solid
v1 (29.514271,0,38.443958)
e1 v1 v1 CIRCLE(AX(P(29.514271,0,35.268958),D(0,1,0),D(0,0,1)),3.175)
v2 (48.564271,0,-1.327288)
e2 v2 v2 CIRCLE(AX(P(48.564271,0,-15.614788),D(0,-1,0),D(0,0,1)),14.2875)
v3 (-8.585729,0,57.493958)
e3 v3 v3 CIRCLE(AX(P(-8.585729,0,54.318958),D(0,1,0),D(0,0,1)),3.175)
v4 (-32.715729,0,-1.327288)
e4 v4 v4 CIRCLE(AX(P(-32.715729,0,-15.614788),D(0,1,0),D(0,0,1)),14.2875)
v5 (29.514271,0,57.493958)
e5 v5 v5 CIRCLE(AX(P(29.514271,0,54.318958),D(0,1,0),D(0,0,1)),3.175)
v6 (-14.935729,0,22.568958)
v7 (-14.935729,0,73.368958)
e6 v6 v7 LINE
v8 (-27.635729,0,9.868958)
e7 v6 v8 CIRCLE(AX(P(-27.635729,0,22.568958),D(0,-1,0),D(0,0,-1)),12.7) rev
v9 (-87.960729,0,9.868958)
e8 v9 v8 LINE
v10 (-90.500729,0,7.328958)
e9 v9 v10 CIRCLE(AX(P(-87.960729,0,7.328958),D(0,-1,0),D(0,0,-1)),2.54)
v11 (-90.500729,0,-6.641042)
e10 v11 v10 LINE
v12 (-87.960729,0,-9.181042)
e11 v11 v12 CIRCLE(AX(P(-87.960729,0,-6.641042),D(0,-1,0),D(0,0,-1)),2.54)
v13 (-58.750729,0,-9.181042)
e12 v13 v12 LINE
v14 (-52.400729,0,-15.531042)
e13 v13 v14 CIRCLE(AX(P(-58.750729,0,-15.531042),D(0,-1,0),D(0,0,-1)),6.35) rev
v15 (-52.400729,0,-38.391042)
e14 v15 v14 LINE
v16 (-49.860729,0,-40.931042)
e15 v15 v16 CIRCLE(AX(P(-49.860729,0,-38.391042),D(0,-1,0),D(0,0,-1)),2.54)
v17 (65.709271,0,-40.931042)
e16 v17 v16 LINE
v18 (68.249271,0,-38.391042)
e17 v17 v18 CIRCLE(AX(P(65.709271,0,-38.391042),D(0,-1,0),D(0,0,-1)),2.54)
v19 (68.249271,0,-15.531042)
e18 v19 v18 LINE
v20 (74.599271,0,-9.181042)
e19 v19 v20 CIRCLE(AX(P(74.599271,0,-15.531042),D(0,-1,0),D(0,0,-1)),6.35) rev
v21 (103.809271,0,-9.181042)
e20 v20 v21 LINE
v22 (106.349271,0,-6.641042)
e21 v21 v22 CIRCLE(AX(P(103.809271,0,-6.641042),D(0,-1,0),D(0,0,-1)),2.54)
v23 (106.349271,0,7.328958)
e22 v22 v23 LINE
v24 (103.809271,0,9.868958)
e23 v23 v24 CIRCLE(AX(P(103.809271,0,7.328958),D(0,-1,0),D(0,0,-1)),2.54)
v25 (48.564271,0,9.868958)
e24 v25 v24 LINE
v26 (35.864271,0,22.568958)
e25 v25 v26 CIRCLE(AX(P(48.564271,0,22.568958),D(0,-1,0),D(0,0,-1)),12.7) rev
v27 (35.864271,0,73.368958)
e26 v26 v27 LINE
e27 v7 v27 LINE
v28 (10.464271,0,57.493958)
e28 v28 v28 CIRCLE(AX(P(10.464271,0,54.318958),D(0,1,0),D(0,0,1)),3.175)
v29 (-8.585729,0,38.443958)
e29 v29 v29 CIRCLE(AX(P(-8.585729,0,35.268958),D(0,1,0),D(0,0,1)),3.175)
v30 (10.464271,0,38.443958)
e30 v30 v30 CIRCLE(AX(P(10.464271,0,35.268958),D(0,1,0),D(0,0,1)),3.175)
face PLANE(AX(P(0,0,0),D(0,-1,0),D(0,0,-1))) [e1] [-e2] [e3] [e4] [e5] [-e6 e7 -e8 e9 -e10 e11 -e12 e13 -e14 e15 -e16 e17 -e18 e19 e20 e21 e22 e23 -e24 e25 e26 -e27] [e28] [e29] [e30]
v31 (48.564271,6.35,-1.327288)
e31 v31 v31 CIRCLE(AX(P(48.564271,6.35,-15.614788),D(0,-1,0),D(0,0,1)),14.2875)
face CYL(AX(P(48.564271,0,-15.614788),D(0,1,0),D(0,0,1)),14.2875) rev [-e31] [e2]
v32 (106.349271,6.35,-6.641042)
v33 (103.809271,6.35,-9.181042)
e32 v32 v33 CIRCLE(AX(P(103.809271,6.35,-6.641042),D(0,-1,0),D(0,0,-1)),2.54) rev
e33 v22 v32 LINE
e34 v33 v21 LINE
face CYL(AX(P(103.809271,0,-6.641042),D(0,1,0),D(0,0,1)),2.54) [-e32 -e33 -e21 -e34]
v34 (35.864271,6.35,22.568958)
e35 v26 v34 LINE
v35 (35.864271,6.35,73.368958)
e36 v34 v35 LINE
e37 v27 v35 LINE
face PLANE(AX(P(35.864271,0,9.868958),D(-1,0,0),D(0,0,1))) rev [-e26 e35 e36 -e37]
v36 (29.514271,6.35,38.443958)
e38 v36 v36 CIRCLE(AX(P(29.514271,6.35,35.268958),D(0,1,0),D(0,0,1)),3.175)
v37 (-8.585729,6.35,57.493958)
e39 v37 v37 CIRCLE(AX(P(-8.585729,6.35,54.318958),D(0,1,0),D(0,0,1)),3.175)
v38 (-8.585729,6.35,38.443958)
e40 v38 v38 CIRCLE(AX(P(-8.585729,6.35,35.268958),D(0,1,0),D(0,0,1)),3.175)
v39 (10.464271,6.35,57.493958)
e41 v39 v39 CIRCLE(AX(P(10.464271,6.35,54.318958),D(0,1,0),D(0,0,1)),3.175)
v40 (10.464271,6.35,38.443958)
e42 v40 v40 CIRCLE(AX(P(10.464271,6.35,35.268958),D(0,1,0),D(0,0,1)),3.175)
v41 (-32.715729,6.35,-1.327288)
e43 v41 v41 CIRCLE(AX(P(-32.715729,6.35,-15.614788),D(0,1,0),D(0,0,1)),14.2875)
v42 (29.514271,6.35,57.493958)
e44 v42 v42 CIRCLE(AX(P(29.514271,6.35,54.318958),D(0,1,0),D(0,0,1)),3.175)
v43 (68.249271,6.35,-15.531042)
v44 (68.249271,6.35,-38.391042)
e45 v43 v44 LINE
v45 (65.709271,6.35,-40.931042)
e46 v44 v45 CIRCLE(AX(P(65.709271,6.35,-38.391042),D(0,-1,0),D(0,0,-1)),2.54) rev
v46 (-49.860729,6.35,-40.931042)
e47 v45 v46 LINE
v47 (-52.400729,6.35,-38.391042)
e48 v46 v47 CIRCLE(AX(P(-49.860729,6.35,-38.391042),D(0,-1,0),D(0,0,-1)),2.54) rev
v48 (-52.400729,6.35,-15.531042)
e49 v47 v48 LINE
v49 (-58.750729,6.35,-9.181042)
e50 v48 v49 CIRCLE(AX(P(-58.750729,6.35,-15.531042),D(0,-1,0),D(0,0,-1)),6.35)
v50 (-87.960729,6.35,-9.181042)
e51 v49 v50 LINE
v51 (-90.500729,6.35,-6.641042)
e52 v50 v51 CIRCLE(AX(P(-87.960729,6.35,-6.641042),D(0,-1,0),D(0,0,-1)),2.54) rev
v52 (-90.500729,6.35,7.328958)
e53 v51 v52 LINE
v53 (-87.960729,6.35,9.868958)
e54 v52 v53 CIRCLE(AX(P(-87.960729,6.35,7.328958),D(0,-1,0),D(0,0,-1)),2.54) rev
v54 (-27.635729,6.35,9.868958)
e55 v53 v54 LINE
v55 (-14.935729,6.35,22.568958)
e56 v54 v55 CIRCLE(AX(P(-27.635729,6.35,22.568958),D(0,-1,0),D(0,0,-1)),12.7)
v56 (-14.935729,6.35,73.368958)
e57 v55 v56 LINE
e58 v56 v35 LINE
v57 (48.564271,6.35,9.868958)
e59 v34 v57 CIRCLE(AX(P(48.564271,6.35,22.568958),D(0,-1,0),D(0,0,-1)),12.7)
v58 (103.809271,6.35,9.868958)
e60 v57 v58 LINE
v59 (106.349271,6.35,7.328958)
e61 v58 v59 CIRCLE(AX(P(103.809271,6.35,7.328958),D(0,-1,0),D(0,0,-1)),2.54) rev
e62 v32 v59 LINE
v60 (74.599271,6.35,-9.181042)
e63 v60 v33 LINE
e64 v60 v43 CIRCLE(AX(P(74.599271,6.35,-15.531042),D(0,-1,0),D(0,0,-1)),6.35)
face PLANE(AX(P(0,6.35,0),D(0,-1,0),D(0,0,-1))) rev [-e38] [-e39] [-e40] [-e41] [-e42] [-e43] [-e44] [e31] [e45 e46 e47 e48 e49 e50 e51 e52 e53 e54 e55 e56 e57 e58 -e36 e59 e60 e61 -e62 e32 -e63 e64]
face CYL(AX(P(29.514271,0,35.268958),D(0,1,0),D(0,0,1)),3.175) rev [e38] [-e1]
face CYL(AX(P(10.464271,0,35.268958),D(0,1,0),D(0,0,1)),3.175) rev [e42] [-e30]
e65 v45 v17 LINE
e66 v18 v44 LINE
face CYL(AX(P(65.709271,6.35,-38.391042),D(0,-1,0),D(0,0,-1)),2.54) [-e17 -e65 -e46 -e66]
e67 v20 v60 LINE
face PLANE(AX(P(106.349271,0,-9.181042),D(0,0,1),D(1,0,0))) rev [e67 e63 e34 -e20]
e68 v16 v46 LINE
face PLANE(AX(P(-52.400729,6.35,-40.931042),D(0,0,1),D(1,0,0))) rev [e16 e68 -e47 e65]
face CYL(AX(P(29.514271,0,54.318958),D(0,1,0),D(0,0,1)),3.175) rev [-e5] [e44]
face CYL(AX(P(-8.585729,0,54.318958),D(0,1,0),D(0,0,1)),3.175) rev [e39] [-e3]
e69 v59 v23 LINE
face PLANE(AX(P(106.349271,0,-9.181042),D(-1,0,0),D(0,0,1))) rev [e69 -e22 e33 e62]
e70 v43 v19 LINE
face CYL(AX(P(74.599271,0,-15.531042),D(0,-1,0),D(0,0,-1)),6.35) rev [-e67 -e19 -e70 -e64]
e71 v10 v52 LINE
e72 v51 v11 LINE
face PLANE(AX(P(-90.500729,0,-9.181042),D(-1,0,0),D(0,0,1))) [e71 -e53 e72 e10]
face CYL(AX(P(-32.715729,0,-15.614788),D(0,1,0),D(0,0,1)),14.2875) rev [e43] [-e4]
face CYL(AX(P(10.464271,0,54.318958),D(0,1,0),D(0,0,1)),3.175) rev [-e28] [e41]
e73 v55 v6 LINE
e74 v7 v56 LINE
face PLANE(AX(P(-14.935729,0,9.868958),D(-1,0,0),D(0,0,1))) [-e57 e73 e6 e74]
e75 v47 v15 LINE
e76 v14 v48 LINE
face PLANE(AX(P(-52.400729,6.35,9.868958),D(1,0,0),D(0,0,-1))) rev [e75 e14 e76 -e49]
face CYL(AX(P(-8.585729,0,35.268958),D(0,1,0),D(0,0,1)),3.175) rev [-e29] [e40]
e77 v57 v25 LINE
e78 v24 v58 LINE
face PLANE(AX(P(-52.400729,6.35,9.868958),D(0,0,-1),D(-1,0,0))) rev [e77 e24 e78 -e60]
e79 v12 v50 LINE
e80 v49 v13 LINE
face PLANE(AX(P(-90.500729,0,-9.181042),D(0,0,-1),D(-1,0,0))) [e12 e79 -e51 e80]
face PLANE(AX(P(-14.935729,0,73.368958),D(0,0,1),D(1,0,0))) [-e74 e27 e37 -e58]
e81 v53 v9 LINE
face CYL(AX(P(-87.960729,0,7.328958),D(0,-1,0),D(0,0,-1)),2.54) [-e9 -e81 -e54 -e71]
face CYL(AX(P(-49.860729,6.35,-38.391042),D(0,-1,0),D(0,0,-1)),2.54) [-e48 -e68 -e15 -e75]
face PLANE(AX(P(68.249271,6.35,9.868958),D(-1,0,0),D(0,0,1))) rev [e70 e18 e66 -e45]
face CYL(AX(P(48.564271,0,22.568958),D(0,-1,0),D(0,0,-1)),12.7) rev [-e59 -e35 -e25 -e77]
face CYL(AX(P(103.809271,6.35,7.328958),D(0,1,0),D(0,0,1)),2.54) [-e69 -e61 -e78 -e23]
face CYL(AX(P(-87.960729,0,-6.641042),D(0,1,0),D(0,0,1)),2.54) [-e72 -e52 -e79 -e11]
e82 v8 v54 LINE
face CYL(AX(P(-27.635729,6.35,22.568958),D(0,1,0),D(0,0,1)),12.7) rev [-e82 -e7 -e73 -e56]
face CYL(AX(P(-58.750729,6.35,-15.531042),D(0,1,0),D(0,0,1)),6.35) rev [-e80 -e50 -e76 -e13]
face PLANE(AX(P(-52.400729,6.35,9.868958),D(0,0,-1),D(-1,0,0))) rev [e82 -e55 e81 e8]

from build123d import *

# Parameters (mm, degrees)
SKETCH2_W            = 120.65
SKETCH2_H            = 50.8
BOSS_EXTRUDE1_DEPTH  = 6.35
SKETCH3_R            = 14.2875
CUT_EXTRUDE1_DEPTH   = 6.35
SKETCH6_W            = 38.1
SKETCH6_H            = 19.05
BOSS_EXTRUDE2_DEPTH  = 6.35
FILLET2_R            = 6.35
FILLET1_R            = 2.54
SKETCH8_W            = 50.8
SKETCH8_H            = 63.5
BOSS_EXTRUDE3_DEPTH  = 6.35
FILLET3_R            = 12.7
SKETCH9_R            = 3.175
CUT_EXTRUDE2_DEPTH   = 6.35
LPATTERN1_COUNT      = 3
LPATTERN1_PITCH      = 19.05
LPATTERN1_COUNT_DIR2 = 2
LPATTERN1_PITCH_DIR2 = 19.05


with BuildPart() as part:
    # Sketch2 → Boss-Extrude1 (new body)
    with BuildSketch(Plane(origin=(0, 0, 0), x_dir=(1, 0, 0), z_dir=(0, 1, 0))):
        with Locations((7.924270833, 15.531041667)):
            Rectangle(SKETCH2_W, SKETCH2_H)
    extrude(amount=BOSS_EXTRUDE1_DEPTH)

    # Sketch3 → Cut-Extrude1 (cut)
    with BuildSketch(Plane(origin=(0, 6.35, 0), x_dir=(1, 0, 0), z_dir=(0, 1, 0))):
        with Locations(Location((-32.715729167, 15.61478805, 0), (0, 0, 270))):
            Circle(SKETCH3_R)
    cut_extrude1 = extrude(amount=-CUT_EXTRUDE1_DEPTH, mode=Mode.SUBTRACT)

    # Mirror1: Cut-Extrude1 across plane
    add(cut_extrude1.mirror(Plane(origin=(7.924270833, 0, 0), x_dir=(0, 0, 1), z_dir=(1, 0, 0))), mode=Mode.SUBTRACT)

    # Sketch6 → Boss-Extrude2 (add)
    with BuildSketch(Plane(origin=(0, 6.35, 0), x_dir=(1, 0, 0), z_dir=(0, 1, 0))):
        with Locations((-71.450729167, -0.343958333)):
            Rectangle(SKETCH6_W, SKETCH6_H)
    boss_extrude2 = extrude(amount=-BOSS_EXTRUDE2_DEPTH)

    # Mirror2: Boss-Extrude2 across plane
    add(boss_extrude2.mirror(Plane(origin=(7.924270833, 0, 0), x_dir=(0, 0, 1), z_dir=(1, 0, 0))))

    # Fillet2
    fillet2_edges = [part.edges().sort_by_distance(p)[0] for p in [
        (-52.400729167, 3.175, -9.181041667),
        (68.249270833, 3.175, -9.181041667),
    ]]
    fillet(fillet2_edges, radius=FILLET2_R)

    # Fillet1
    fillet1_edges = [part.edges().sort_by_distance(p)[0] for p in [
        (-90.500729167, 3.175, 9.868958333),
        (-90.500729167, 3.175, -9.181041667),
        (106.349270833, 3.175, -9.181041667),
        (106.349270833, 3.175, 9.868958333),
        (-52.400729167, 3.175, -40.931041667),
        (68.249270833, 3.175, -40.931041667),
    ]]
    fillet(fillet1_edges, radius=FILLET1_R)

    # Sketch8 → Boss-Extrude3 (add)
    with BuildSketch(Plane(origin=(0, 6.35, 0), x_dir=(1, 0, 0), z_dir=(0, 1, 0))):
        with Locations((10.464270833, -41.618958333)):
            Rectangle(SKETCH8_W, SKETCH8_H)
    extrude(amount=-BOSS_EXTRUDE3_DEPTH)

    # Fillet3
    fillet3_edges = [part.edges().sort_by_distance(p)[0] for p in [
        (-14.935729167, 3.175, 9.868958333),
        (35.864270833, 3.175, 9.868958333),
    ]]
    fillet(fillet3_edges, radius=FILLET3_R)

    # Sketch9 → Cut-Extrude2 (cut)
    with BuildSketch(Plane(origin=(0, 6.35, 0), x_dir=(1, 0, 0), z_dir=(0, 1, 0))):
        with Locations(Location((-8.585729167, -54.318958333, 0), (0, 0, 270))):
            Circle(SKETCH9_R)
    cut_extrude2 = extrude(amount=-CUT_EXTRUDE2_DEPTH, mode=Mode.SUBTRACT)

    # LPattern1: Cut-Extrude2 3 × 2
    with Locations(*[(i * LPATTERN1_PITCH, 0, -j * LPATTERN1_PITCH_DIR2) for i in range(LPATTERN1_COUNT) for j in range(LPATTERN1_COUNT_DIR2) if (i, j) != (0, 0)]):
        add(cut_extrude2, mode=Mode.SUBTRACT)


solid = part.part
